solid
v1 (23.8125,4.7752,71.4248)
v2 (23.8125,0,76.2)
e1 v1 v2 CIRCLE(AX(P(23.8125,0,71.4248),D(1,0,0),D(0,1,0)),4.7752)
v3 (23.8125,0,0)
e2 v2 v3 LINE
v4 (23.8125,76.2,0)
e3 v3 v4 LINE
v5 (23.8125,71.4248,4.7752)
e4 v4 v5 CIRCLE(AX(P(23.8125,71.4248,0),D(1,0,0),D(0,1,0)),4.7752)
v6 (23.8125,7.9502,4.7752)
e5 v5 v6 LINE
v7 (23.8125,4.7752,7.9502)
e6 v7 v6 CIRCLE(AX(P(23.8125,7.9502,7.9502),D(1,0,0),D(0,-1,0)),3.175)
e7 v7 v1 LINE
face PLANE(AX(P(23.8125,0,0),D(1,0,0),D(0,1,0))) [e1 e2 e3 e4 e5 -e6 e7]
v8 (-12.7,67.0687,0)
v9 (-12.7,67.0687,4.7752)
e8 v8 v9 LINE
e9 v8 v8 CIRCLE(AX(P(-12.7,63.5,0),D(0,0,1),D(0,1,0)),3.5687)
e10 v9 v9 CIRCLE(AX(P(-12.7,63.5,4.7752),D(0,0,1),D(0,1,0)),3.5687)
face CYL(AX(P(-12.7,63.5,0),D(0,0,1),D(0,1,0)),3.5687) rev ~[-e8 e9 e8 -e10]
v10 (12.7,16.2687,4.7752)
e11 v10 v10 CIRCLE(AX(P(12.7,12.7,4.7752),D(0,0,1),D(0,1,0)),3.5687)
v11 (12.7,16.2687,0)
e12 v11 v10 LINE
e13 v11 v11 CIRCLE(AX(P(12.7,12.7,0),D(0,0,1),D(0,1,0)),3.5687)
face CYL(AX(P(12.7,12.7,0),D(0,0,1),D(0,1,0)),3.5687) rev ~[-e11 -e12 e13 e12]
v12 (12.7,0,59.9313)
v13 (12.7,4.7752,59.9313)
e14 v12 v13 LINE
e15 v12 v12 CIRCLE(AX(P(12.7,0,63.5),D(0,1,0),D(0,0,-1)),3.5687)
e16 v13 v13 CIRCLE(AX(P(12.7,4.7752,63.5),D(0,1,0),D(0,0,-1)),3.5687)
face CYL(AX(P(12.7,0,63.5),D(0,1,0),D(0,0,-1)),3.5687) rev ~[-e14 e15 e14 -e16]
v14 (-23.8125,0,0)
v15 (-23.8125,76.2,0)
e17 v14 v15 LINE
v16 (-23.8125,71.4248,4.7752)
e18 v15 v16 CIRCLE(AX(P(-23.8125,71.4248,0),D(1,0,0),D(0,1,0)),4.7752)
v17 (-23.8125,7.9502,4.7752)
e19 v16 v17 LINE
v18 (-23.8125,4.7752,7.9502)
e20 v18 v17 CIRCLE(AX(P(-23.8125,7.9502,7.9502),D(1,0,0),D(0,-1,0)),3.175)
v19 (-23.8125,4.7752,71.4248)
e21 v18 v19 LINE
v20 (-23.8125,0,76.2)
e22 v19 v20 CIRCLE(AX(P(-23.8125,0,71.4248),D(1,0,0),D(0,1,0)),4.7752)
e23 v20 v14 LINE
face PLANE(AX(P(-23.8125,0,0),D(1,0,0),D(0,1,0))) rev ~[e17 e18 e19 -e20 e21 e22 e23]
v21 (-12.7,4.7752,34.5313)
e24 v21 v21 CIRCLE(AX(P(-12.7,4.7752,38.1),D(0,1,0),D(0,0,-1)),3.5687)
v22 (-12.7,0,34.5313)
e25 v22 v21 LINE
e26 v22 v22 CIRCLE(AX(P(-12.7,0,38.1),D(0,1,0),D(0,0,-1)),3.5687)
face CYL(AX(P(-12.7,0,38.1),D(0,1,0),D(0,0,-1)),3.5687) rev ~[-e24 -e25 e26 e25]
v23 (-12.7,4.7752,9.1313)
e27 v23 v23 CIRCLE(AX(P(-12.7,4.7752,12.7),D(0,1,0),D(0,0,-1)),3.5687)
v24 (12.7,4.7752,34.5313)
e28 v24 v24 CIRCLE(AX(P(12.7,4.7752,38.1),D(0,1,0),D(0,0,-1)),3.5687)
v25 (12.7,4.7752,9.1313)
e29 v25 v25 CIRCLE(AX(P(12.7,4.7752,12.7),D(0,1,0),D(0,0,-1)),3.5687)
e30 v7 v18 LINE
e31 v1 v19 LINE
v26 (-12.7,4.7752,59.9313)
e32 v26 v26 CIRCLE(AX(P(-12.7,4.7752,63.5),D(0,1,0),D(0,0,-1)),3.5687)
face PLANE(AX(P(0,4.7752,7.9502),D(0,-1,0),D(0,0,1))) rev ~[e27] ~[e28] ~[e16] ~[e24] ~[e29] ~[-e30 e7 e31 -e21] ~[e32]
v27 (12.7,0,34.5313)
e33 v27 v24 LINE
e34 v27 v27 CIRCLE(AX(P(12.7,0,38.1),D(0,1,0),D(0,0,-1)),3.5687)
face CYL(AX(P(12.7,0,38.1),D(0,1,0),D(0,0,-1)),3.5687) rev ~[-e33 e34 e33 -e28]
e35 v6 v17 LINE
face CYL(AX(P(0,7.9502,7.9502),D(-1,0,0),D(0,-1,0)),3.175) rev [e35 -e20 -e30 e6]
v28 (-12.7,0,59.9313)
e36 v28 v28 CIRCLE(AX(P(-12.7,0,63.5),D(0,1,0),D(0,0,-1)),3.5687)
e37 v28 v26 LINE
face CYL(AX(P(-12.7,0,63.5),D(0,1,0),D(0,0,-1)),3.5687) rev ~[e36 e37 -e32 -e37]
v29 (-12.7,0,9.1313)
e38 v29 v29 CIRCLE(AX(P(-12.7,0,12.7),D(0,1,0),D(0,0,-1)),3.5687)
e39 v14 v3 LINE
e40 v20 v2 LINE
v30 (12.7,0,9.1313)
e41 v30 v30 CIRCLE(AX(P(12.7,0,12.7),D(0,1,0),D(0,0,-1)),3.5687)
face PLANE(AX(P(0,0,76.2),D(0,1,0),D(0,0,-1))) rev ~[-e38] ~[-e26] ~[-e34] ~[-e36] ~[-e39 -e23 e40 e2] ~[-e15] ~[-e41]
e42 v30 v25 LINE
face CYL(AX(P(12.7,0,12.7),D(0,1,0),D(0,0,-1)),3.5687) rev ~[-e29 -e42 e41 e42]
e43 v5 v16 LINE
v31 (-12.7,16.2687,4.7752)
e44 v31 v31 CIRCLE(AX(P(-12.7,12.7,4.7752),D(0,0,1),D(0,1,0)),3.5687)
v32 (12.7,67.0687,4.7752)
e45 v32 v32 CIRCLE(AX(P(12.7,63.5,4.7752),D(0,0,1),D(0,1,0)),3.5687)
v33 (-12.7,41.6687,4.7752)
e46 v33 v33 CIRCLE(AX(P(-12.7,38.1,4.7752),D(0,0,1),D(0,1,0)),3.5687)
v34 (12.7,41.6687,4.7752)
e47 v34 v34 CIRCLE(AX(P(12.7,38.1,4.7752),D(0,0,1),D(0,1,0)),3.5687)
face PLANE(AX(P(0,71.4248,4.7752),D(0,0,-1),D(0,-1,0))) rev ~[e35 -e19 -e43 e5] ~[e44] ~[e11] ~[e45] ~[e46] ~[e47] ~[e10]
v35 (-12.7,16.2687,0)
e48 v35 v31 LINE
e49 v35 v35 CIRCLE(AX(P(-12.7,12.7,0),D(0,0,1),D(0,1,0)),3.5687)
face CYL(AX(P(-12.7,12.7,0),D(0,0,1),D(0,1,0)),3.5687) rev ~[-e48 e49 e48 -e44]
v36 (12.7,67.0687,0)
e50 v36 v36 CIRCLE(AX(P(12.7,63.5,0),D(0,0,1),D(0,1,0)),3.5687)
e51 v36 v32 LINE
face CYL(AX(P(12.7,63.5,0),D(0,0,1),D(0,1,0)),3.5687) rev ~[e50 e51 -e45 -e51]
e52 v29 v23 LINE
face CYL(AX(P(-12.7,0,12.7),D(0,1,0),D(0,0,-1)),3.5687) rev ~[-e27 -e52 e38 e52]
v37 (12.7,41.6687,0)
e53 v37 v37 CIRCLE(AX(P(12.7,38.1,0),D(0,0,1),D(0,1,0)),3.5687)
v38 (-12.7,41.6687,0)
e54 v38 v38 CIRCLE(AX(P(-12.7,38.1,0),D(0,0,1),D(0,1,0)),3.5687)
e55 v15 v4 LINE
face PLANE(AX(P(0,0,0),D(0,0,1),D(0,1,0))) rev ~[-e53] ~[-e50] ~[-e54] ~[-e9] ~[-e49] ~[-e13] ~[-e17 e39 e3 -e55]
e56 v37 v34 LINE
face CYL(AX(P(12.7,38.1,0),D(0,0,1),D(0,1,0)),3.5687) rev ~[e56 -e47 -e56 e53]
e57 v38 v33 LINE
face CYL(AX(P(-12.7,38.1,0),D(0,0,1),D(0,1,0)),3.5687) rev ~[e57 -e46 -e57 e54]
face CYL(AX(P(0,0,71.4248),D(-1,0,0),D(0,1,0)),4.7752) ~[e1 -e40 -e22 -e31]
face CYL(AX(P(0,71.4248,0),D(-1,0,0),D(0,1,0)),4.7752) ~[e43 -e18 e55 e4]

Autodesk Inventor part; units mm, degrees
ref_plane "YZ Plane" through (0, 0, 0) normal (1, 0, 0) x (0, 1, 0)
ref_plane "XZ Plane" through (0, 0, 0) normal (0, 1, 0) x (-1, 0, 0)
ref_plane "XY Plane" through (0, 0, 0) normal (0, 0, 1) x (1, 0, 0)
sketch "Sketch_1" plane through (0, 0, 0) normal (1, 0, 0) x (0, 1, 0)
  line L0 (0, 76.2) -> (0, 0)
  line L1 (0, 0) -> (76.2, 0)
  arc A0 (76.2, 0) -> (71.4248, 4.7752) centre (71.4248, 0) ccw
  line L2 (71.4248, 4.7752) -> (7.9502, 4.7752)
  arc A1 (4.7752, 7.9502) -> (7.9502, 4.7752) centre (7.9502, 7.9502) ccw
  line L3 (4.7752, 7.9502) -> (4.7752, 71.4248)
  arc A2 (4.7752, 71.4248) -> (0, 76.2) centre (0, 71.4248) ccw
extrude "Extrusion1" add sketch "Sketch_1" along normal mid plane 47.625
sketch "Sketch2" plane through (23.8125, 0, 0) normal (0, 0, -1) x (-1, 0, 0)
  point P0 (11.1125, 63.5)
hole "Hole1" at (12.7, 63.5, 0) direction (0, 0, 1) diameter 7.1374 depth 5.2527
sketch "Sketch3" plane through (23.8125, 0, 0) normal (0, 0, -1) x (-1, 0, 0)
  point P0 (36.5125, 38.1)
hole "Hole2" at (-12.7, 38.1, 0) direction (0, 0, 1) diameter 7.1374 depth 5.2527
sketch "Sketch4" plane through (23.8125, 0, 0) normal (0, 0, -1) x (-1, 0, 0)
  point P0 (36.5125, 63.5)
hole "Hole3" at (-12.7, 63.5, 0) direction (0, 0, 1) diameter 7.1374 depth 5.2527
sketch "Sketch5" plane through (-23.8125, 0, 76.2) normal (0, -1, 0) x (1, 0, 0)
  point P0 (36.5125, -38.1)
hole "Hole4" at (12.7, 0, 38.1) direction (0, 1, 0) diameter 7.1374 depth 5.2527
sketch "Sketch6" plane through (-23.8125, 0, 76.2) normal (0, -1, 0) x (1, 0, 0)
  point P0 (36.5125, -12.7)
hole "Hole5" at (12.7, 0, 63.5) direction (0, 1, 0) diameter 7.1374 depth 5.2527
sketch "Sketch7" plane through (-23.8125, 0, 76.2) normal (0, -1, 0) x (1, 0, 0)
  point P0 (11.1125, -38.1)
hole "Hole6" at (-12.7, 0, 38.1) direction (0, 1, 0) diameter 7.1374 depth 5.2527
sketch "Sketch8" plane through (-23.8125, 0, 76.2) normal (0, -1, 0) x (1, 0, 0)
  point P0 (11.1125, -12.7)
hole "Hole7" at (-12.7, 0, 63.5) direction (0, 1, 0) diameter 7.1374 depth 5.2527
sketch "Sketch9" plane through (23.8125, 0, 0) normal (0, 0, -1) x (-1, 0, 0)
  point P0 (11.1125, 38.1)
hole "Hole8" at (12.7, 38.1, 0) direction (0, 0, 1) diameter 7.1374 depth 5.2527
sketch "Sketch10" plane through (23.8125, 0, 0) normal (0, 0, -1) x (-1, 0, 0)
  point P0 (11.1125, 12.7)
hole "Hole9" at (12.7, 12.7, 0) direction (0, 0, 1) diameter 7.1374 depth 5.2527
sketch "Sketch11" plane through (23.8125, 0, 0) normal (0, 0, -1) x (-1, 0, 0)
  point P0 (36.5125, 12.7)
hole "Hole10" at (-12.7, 12.7, 0) direction (0, 0, 1) diameter 7.1374 depth 5.2527
sketch "Sketch12" plane through (-23.8125, 0, 76.2) normal (0, -1, 0) x (1, 0, 0)
  point P0 (36.5125, -63.5)
hole "Hole11" at (12.7, 0, 12.7) direction (0, 1, 0) diameter 7.1374 depth 5.2527
sketch "Sketch13" plane through (-23.8125, 0, 76.2) normal (0, -1, 0) x (1, 0, 0)
  point P0 (11.1125, -63.5)
hole "Hole12" at (-12.7, 0, 12.7) direction (0, 1, 0) diameter 7.1374 depth 5.2527
properties part number "4014"
